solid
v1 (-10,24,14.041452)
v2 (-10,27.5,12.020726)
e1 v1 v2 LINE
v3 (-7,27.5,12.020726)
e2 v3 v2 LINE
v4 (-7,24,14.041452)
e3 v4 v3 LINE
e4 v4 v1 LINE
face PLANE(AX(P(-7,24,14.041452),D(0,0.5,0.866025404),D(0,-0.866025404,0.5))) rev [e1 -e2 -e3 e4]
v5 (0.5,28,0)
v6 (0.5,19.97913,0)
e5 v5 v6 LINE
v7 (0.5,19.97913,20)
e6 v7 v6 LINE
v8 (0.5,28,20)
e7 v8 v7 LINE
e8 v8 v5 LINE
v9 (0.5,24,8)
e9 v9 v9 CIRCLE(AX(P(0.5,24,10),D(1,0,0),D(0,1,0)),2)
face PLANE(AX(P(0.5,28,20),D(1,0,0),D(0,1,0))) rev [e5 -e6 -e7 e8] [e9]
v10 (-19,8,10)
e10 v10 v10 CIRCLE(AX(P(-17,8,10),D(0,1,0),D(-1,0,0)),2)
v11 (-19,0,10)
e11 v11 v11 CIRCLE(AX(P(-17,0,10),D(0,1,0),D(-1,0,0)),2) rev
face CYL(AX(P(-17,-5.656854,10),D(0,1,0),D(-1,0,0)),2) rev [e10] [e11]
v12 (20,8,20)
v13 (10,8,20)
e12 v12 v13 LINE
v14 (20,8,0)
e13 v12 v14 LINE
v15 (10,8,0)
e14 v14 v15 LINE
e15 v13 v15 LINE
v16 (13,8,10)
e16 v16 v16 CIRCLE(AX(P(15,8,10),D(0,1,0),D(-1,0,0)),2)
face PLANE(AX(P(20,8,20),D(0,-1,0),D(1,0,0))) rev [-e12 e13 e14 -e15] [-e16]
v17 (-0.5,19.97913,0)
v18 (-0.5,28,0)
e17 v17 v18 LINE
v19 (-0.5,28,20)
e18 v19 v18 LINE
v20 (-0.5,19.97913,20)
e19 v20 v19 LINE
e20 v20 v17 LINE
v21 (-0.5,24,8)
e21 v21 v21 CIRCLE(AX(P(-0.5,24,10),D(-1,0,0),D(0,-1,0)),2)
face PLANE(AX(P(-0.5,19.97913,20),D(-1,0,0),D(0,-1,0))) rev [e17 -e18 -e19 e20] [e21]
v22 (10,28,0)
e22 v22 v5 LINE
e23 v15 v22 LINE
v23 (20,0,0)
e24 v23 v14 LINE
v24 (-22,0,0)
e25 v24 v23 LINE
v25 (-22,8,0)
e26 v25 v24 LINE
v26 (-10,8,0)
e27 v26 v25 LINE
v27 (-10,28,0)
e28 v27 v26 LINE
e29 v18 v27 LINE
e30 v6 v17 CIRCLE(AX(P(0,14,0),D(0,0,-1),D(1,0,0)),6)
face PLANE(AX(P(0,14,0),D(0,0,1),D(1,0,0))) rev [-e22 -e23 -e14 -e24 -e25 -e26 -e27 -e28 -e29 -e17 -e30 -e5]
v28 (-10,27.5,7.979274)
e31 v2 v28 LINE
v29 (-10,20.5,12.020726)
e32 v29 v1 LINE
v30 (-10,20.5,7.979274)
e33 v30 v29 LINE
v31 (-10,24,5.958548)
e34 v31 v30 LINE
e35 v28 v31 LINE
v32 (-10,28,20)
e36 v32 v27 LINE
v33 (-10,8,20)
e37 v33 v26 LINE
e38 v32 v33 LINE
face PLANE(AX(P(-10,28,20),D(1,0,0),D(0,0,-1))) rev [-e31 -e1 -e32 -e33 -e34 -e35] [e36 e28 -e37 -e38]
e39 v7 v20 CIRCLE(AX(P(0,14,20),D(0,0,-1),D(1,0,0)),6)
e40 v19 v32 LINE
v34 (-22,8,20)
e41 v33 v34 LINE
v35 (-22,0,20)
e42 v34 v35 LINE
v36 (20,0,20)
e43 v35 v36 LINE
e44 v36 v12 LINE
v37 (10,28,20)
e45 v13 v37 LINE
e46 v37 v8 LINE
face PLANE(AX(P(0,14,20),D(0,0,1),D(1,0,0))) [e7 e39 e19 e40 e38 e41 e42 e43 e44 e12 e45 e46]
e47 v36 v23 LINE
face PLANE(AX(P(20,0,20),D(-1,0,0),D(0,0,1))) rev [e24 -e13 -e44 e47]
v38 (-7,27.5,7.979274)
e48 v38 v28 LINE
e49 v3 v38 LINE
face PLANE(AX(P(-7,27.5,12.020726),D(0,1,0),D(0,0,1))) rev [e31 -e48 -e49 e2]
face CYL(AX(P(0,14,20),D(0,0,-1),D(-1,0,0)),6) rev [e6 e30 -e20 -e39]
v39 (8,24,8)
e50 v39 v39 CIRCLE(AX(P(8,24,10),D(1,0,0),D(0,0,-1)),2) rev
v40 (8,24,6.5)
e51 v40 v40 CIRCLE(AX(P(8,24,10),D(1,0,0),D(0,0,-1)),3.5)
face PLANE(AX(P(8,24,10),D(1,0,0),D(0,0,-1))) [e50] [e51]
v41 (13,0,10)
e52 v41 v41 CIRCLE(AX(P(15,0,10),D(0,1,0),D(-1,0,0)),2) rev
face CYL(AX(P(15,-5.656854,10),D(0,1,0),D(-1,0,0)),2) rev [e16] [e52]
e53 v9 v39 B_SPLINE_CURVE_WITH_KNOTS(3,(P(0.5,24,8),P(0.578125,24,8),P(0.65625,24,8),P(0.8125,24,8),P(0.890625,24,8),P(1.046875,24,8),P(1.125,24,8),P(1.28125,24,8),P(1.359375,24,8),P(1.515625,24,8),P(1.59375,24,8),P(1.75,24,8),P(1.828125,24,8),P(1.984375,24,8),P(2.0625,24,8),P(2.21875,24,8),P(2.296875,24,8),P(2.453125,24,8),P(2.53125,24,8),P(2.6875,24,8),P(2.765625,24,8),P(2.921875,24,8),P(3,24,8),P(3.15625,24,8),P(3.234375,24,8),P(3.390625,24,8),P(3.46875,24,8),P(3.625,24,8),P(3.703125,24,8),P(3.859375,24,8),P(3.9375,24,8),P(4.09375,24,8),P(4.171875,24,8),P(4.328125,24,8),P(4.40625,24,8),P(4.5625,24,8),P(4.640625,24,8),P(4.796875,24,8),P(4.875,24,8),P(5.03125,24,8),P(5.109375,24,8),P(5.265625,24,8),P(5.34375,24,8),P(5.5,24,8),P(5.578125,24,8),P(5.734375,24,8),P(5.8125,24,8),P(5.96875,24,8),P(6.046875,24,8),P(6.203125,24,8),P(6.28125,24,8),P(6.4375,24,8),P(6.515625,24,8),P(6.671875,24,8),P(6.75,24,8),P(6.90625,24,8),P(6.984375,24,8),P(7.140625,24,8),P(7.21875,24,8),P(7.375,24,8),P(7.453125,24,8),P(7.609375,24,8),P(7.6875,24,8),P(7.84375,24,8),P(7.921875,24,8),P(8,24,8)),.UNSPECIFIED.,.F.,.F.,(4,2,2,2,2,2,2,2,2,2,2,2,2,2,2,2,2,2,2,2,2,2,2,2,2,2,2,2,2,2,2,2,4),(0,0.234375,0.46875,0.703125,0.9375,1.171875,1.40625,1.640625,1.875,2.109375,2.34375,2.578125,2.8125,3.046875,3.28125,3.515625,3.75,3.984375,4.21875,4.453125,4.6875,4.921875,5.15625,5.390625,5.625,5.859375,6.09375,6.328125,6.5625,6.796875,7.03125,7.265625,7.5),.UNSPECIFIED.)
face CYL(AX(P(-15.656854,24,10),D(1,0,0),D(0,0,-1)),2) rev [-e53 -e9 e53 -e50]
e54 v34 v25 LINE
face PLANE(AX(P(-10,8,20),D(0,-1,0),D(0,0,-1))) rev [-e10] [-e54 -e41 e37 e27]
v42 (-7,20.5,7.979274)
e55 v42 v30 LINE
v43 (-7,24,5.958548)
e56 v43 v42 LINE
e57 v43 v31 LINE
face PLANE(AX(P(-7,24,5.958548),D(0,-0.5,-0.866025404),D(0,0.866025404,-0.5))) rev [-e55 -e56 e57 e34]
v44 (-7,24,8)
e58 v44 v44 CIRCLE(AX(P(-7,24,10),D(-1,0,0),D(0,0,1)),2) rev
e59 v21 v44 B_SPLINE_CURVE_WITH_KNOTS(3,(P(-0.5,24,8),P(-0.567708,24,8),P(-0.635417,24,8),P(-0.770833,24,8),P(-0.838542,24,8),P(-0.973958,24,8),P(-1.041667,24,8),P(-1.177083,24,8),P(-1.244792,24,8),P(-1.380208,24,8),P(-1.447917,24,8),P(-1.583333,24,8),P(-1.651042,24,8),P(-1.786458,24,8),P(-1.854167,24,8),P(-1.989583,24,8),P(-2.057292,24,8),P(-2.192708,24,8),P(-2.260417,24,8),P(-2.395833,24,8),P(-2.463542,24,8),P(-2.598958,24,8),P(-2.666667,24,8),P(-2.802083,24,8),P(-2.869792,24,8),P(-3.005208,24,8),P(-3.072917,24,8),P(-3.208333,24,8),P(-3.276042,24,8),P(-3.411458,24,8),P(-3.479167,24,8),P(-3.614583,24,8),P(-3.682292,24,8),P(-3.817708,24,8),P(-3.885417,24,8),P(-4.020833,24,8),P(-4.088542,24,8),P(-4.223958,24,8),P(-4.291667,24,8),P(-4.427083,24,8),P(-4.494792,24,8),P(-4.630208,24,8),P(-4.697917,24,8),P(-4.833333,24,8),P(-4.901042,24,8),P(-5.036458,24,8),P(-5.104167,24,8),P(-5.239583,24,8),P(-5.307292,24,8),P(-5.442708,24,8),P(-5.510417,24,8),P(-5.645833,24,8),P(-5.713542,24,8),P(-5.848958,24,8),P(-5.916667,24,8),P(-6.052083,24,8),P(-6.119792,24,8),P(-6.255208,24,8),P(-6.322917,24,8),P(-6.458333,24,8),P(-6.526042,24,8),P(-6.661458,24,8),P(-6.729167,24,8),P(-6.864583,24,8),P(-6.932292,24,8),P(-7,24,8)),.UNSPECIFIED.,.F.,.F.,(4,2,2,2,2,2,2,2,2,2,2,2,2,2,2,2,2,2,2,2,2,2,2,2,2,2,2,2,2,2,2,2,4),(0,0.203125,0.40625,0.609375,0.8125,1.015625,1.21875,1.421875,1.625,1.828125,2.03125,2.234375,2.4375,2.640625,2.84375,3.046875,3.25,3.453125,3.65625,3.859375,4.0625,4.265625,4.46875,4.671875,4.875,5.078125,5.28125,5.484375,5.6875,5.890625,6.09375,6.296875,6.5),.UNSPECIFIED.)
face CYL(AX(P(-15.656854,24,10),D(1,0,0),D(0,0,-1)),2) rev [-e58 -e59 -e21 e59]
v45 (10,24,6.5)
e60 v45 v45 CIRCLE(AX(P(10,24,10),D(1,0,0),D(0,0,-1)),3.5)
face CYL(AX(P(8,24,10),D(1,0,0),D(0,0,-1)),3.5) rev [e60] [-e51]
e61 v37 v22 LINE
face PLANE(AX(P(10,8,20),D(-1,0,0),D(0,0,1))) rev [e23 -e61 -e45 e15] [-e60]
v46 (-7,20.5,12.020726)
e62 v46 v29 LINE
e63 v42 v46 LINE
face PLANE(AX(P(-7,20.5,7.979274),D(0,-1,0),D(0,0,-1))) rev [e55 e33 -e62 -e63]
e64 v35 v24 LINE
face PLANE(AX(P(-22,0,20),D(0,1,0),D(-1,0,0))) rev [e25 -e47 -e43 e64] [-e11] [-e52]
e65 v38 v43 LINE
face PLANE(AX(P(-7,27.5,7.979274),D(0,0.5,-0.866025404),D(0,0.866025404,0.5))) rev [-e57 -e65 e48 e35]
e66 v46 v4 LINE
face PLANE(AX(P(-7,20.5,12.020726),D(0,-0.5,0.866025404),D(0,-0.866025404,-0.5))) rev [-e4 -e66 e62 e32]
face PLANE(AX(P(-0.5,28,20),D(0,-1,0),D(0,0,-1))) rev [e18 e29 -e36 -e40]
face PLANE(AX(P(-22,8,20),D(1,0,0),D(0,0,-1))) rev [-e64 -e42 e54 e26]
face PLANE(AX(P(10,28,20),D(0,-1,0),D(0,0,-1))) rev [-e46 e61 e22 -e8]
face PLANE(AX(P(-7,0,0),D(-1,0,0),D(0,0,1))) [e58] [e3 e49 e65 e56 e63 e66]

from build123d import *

# Parameters (mm, degrees)
EXTRUDE_1_DEPTH     = 20
SKETCH_4_R          = 2
CUT_EXTRUDE_1_DEPTH = 8
CUT_EXTRUDE_2_REACH = 48.989
SKETCH_5_R          = 2
SKETCH_6_R          = 3.5
CUT_EXTRUDE_3_DEPTH = 2
CUT_EXTRUDE_4_DEPTH = 3


with BuildPart() as part:
    # Эскиз1 → Бобышка-Вытянуть1 (new body)
    with BuildSketch(Plane.XY):
        with BuildLine():
            Line((-22, 0), (20, 0))
            Line((20, 0), (20, 8))
            Line((20, 8), (10, 8))
            Line((10, 8), (10, 28))
            Line((10, 28), (0.5, 28))
            Line((0.5, 28), (0.5, 19.979130372))
            ThreePointArc((0.5, 19.979130372), (0, 8), (-0.5, 19.979130372))
            Line((-0.5, 19.979130372), (-0.5, 28))
            Line((-0.5, 28), (-10, 28))
            Line((-10, 28), (-10, 8))
            Line((-10, 8), (-22, 8))
            Line((-22, 8), (-22, 0))
        make_face()
    extrude(amount=EXTRUDE_1_DEPTH)

    # Эскиз4 → Вырез-Вытянуть1 (cut)
    with BuildSketch(Plane(origin=(0, 8, 0), x_dir=(1, 0, 0), z_dir=(0, 1, 0))):
        with Locations(Location((15, -10, 0), (0, 0, 180))):
            Circle(SKETCH_4_R)
        with Locations(Location((-17, -10, 0), (0, 0, 180))):
            Circle(SKETCH_4_R)
    extrude(amount=-CUT_EXTRUDE_1_DEPTH, mode=Mode.SUBTRACT)

    # Вырез-Вытянуть2: up to this face of the body (flat: up to its plane)
    cut_extrude_2_end = Plane(part.part.faces().sort_by_distance((-10, 18, 10))[0])
    # Эскиз5 → Вырез-Вытянуть2 (cut, up to the picked face)
    with BuildSketch(Plane(origin=(10, 0, 0), x_dir=(0, 0, -1), z_dir=(1, 0, 0)), mode=Mode.PRIVATE) as cut_extrude_2_sk1:
        with Locations((-10, 24)):
            Circle(SKETCH_5_R)
    cut_extrude_2_tool1 = split(extrude(cut_extrude_2_sk1.sketch, amount=-CUT_EXTRUDE_2_REACH, mode=Mode.PRIVATE), bisect_by=cut_extrude_2_end, keep=Keep.BOTH, mode=Mode.PRIVATE)
    add(cut_extrude_2_tool1.solids().sort_by(Axis((10, 24, 10), (-1, 0, 0)))[0], mode=Mode.SUBTRACT)

    # Эскиз6 → Вырез-Вытянуть3 (cut)
    with BuildSketch(Plane(origin=(10, 0, 0), x_dir=(0, 0, -1), z_dir=(1, 0, 0))):
        with Locations((-10, 24)):
            Circle(SKETCH_6_R)
    extrude(amount=-CUT_EXTRUDE_3_DEPTH, mode=Mode.SUBTRACT)

    # Эскиз7 → Вырез-Вытянуть4 (cut)
    with BuildSketch(Plane.ZY.offset(10)):
        Polygon((14.041451884, 24), (12.020725942, 27.5), (7.979274058, 27.5), (5.958548116, 24), (7.979274058, 20.5), (12.020725942, 20.5), align=None)
    extrude(amount=-CUT_EXTRUDE_4_DEPTH, mode=Mode.SUBTRACT)


solid = part.part
